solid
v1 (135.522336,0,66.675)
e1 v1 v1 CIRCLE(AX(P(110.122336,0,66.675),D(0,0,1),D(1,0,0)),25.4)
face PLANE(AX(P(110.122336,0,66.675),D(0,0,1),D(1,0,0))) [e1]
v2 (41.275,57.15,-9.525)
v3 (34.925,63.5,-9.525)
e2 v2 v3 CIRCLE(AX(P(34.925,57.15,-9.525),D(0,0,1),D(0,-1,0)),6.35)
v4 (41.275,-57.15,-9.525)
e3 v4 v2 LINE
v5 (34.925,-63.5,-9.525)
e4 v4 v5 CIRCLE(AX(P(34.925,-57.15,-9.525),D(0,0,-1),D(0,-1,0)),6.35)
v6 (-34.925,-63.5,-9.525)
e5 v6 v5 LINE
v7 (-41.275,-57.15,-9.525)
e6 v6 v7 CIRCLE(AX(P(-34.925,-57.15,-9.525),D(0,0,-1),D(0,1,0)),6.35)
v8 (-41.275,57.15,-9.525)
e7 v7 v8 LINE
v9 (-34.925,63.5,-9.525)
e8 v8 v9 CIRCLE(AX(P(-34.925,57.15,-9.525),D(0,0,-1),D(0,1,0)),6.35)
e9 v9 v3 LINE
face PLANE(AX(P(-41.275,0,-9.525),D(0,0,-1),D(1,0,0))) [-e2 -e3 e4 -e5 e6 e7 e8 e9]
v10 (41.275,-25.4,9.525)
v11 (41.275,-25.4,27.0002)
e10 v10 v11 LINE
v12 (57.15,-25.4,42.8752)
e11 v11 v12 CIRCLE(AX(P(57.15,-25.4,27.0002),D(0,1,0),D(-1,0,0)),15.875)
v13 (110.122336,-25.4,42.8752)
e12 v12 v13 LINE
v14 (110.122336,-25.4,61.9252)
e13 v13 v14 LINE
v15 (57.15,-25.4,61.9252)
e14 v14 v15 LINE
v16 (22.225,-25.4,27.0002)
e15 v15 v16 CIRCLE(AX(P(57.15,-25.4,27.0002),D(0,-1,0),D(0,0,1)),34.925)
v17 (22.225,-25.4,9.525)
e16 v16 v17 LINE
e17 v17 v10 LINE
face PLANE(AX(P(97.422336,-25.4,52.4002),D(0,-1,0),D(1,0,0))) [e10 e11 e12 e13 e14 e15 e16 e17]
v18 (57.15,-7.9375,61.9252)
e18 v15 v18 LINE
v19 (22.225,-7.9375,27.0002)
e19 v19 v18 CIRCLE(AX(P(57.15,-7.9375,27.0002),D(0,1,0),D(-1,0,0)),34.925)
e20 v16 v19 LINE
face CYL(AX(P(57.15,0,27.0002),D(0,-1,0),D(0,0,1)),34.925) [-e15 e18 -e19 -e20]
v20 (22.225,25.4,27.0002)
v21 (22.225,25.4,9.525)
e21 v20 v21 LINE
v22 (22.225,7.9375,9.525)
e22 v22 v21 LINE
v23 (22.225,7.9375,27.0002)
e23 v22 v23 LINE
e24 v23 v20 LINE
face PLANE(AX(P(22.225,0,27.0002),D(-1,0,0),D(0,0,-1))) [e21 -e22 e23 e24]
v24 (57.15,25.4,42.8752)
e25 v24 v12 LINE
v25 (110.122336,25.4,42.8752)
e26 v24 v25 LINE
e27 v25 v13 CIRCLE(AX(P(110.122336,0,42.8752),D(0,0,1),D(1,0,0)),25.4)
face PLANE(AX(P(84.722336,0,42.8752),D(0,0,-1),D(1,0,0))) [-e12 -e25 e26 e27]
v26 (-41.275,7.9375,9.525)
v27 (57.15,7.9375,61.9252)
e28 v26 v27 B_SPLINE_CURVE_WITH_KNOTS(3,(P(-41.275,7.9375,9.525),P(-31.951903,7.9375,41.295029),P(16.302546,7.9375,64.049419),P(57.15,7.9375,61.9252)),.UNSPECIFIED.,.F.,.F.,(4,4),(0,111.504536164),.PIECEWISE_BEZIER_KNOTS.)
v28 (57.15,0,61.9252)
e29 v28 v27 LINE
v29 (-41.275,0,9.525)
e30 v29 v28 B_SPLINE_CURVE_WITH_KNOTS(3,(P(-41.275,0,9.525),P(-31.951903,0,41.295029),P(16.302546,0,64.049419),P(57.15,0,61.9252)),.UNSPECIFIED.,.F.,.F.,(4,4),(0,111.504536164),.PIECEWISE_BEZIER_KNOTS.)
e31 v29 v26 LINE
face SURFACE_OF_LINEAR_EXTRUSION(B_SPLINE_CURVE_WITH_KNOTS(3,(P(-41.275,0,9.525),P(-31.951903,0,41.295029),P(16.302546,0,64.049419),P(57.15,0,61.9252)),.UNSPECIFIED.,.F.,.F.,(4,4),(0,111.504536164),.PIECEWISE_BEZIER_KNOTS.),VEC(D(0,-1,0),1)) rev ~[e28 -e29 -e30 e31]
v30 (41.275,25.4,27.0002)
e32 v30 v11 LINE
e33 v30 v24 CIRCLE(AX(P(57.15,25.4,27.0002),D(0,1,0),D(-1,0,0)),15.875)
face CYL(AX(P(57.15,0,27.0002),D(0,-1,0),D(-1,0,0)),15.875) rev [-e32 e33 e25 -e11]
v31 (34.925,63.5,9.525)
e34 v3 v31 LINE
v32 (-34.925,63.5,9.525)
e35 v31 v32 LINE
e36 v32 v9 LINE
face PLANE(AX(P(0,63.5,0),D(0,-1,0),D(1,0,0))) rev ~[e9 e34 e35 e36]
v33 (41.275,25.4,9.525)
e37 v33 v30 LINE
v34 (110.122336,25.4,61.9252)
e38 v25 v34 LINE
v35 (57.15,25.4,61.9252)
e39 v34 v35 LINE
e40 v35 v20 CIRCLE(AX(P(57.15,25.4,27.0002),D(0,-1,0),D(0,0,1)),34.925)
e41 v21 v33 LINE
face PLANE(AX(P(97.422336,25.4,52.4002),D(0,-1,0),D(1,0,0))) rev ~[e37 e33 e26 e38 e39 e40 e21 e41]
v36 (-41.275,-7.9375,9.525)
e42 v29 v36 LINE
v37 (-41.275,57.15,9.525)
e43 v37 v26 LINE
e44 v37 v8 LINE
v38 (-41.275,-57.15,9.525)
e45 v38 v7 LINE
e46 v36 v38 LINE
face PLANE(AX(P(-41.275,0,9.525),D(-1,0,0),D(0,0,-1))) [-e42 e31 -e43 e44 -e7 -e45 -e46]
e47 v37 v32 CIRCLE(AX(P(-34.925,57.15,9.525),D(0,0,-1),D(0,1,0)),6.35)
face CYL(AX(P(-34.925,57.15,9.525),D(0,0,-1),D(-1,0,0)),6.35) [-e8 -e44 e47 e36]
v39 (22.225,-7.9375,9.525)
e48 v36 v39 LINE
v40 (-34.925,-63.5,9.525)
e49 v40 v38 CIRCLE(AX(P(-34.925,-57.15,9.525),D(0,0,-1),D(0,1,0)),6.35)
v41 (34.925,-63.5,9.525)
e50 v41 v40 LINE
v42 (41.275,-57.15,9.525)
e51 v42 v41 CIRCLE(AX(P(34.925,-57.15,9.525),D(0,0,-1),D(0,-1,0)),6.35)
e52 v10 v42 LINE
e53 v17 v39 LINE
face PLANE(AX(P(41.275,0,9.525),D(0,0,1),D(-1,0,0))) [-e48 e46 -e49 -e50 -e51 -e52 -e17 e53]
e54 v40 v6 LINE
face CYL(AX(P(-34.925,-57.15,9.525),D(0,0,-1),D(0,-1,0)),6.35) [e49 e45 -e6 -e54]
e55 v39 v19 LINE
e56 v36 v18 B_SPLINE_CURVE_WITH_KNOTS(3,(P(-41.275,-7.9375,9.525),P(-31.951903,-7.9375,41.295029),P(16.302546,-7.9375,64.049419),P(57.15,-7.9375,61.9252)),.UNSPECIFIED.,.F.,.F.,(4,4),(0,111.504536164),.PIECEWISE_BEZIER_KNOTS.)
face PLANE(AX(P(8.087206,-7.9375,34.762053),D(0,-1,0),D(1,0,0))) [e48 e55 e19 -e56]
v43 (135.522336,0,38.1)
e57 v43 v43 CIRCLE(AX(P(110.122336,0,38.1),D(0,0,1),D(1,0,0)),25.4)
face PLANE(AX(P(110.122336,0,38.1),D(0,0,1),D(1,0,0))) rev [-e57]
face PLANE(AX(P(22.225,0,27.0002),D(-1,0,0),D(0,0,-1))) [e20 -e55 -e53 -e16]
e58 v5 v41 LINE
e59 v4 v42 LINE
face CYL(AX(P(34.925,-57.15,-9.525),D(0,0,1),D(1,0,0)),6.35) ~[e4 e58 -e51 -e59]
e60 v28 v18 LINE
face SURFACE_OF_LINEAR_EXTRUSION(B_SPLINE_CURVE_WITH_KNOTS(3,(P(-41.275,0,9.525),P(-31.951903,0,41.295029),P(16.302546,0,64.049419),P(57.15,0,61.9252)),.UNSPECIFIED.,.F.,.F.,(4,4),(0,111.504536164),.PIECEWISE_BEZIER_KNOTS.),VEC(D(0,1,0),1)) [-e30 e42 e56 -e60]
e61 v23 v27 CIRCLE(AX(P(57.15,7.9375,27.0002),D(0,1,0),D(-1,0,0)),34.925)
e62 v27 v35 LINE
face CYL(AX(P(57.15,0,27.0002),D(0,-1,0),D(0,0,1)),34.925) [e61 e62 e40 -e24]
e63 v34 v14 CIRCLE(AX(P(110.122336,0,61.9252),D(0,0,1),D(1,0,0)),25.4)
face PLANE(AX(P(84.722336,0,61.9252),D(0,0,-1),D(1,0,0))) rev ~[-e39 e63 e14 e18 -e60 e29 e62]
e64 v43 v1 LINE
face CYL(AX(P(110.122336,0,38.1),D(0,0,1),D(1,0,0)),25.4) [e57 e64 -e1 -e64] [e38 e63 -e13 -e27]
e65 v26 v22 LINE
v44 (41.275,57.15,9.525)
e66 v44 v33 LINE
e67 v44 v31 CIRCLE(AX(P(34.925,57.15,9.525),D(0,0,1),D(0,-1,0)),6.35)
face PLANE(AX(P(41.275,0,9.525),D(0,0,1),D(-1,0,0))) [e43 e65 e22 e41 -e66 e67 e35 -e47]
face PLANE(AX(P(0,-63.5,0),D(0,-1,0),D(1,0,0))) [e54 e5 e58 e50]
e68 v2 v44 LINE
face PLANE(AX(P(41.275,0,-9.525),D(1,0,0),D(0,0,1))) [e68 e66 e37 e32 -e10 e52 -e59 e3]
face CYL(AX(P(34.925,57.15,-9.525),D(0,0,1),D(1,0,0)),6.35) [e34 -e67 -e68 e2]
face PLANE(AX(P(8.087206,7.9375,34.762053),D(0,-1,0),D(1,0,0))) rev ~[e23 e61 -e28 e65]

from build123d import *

# Parameters (mm, degrees)
F1_DEPTH = 63.5
F2_DEPTH = 25.4
F3_DEPTH = 7.9375
F0_W     = 25.4
F0_H     = 19.05
F4_DEPTH = 25.4
F6_R     = 6.35


with BuildPart() as f1:
    # F0 (on Front) → F1 (new body, symmetric)
    with BuildSketch(Plane.XZ):
        Polygon((41.275, -9.525), (41.275, 9.525), (22.225, 9.525), (-41.275, 9.525), (-41.275, -9.525), align=None)
    extrude(amount=F1_DEPTH, both=True)

    # F0 (on Front) → F2 (join, symmetric)
    with BuildSketch(Plane.XZ):
        with BuildLine():
            Line((22.225, 9.525), (41.275, 9.525))
            Line((41.275, 9.525), (41.275, 27.0002))
            ThreePointArc((41.275, 27.0002), (45.9246798487, 38.2255201513), (57.15, 42.8752))
            Line((57.15, 42.8752), (84.7223362398, 42.8752))
            Line((84.7223362398, 42.8752), (84.7223362398, 61.9252))
            Line((84.7223362398, 61.9252), (57.15, 61.9252))
            ThreePointArc((57.15, 61.9252), (32.4542956671, 51.6959043329), (22.225, 27.0002))
            Line((22.225, 27.0002), (22.225, 9.525))
        make_face()
    extrude(amount=F2_DEPTH, both=True)

    # F0 (on Front) → F3 (join, symmetric)
    with BuildSketch(Plane.XZ):
        with BuildLine():
            Line((-41.275, 9.525), (22.225, 9.525))
            Line((22.225, 9.525), (22.225, 27.0002))
            ThreePointArc((22.225, 27.0002), (32.4542956671, 51.6959043329), (57.15, 61.9252))
            add(Edge.make_bspline(
                [(-41.275, 9.525), (-31.9519031348, 41.2950287538), (16.3025462672, 64.0494193526), (57.15, 61.9252)],
                knots=[0, 0, 0, 0, 111.5045361635, 111.5045361635, 111.5045361635, 111.5045361635], degree=3))
        make_face()
    extrude(amount=F3_DEPTH, both=True)

    # F0 (on Front) → F4 (join, symmetric)
    with BuildSketch(Plane.XZ):
        with Locations((97.4223362398, 52.4002)):
            Rectangle(F0_W, F0_H)
    extrude(amount=F4_DEPTH, both=True)

    # F0 (on Front) → F5 (revolve)
    with BuildSketch(Plane.XZ):
        Polygon((110.1223362398, 61.9252), (110.1223362398, 42.8752), (110.1223362398, 38.1), (135.5223362398, 38.1), (135.5223362398, 66.675), (110.1223362398, 66.675), align=None)
    revolve(axis=Axis((110.1223362398, 0, 52.3875), (0, 0, 1)))

    # F6
    f6_edges = [f1.edges().sort_by_distance(p)[0] for p in [
        (-41.275, -63.5, 0),
        (41.275, -63.5, 0),
        (41.275, 63.5, 0),
        (-41.275, 63.5, 0),
    ]]
    fillet(f6_edges, radius=F6_R)


solid = f1.part
